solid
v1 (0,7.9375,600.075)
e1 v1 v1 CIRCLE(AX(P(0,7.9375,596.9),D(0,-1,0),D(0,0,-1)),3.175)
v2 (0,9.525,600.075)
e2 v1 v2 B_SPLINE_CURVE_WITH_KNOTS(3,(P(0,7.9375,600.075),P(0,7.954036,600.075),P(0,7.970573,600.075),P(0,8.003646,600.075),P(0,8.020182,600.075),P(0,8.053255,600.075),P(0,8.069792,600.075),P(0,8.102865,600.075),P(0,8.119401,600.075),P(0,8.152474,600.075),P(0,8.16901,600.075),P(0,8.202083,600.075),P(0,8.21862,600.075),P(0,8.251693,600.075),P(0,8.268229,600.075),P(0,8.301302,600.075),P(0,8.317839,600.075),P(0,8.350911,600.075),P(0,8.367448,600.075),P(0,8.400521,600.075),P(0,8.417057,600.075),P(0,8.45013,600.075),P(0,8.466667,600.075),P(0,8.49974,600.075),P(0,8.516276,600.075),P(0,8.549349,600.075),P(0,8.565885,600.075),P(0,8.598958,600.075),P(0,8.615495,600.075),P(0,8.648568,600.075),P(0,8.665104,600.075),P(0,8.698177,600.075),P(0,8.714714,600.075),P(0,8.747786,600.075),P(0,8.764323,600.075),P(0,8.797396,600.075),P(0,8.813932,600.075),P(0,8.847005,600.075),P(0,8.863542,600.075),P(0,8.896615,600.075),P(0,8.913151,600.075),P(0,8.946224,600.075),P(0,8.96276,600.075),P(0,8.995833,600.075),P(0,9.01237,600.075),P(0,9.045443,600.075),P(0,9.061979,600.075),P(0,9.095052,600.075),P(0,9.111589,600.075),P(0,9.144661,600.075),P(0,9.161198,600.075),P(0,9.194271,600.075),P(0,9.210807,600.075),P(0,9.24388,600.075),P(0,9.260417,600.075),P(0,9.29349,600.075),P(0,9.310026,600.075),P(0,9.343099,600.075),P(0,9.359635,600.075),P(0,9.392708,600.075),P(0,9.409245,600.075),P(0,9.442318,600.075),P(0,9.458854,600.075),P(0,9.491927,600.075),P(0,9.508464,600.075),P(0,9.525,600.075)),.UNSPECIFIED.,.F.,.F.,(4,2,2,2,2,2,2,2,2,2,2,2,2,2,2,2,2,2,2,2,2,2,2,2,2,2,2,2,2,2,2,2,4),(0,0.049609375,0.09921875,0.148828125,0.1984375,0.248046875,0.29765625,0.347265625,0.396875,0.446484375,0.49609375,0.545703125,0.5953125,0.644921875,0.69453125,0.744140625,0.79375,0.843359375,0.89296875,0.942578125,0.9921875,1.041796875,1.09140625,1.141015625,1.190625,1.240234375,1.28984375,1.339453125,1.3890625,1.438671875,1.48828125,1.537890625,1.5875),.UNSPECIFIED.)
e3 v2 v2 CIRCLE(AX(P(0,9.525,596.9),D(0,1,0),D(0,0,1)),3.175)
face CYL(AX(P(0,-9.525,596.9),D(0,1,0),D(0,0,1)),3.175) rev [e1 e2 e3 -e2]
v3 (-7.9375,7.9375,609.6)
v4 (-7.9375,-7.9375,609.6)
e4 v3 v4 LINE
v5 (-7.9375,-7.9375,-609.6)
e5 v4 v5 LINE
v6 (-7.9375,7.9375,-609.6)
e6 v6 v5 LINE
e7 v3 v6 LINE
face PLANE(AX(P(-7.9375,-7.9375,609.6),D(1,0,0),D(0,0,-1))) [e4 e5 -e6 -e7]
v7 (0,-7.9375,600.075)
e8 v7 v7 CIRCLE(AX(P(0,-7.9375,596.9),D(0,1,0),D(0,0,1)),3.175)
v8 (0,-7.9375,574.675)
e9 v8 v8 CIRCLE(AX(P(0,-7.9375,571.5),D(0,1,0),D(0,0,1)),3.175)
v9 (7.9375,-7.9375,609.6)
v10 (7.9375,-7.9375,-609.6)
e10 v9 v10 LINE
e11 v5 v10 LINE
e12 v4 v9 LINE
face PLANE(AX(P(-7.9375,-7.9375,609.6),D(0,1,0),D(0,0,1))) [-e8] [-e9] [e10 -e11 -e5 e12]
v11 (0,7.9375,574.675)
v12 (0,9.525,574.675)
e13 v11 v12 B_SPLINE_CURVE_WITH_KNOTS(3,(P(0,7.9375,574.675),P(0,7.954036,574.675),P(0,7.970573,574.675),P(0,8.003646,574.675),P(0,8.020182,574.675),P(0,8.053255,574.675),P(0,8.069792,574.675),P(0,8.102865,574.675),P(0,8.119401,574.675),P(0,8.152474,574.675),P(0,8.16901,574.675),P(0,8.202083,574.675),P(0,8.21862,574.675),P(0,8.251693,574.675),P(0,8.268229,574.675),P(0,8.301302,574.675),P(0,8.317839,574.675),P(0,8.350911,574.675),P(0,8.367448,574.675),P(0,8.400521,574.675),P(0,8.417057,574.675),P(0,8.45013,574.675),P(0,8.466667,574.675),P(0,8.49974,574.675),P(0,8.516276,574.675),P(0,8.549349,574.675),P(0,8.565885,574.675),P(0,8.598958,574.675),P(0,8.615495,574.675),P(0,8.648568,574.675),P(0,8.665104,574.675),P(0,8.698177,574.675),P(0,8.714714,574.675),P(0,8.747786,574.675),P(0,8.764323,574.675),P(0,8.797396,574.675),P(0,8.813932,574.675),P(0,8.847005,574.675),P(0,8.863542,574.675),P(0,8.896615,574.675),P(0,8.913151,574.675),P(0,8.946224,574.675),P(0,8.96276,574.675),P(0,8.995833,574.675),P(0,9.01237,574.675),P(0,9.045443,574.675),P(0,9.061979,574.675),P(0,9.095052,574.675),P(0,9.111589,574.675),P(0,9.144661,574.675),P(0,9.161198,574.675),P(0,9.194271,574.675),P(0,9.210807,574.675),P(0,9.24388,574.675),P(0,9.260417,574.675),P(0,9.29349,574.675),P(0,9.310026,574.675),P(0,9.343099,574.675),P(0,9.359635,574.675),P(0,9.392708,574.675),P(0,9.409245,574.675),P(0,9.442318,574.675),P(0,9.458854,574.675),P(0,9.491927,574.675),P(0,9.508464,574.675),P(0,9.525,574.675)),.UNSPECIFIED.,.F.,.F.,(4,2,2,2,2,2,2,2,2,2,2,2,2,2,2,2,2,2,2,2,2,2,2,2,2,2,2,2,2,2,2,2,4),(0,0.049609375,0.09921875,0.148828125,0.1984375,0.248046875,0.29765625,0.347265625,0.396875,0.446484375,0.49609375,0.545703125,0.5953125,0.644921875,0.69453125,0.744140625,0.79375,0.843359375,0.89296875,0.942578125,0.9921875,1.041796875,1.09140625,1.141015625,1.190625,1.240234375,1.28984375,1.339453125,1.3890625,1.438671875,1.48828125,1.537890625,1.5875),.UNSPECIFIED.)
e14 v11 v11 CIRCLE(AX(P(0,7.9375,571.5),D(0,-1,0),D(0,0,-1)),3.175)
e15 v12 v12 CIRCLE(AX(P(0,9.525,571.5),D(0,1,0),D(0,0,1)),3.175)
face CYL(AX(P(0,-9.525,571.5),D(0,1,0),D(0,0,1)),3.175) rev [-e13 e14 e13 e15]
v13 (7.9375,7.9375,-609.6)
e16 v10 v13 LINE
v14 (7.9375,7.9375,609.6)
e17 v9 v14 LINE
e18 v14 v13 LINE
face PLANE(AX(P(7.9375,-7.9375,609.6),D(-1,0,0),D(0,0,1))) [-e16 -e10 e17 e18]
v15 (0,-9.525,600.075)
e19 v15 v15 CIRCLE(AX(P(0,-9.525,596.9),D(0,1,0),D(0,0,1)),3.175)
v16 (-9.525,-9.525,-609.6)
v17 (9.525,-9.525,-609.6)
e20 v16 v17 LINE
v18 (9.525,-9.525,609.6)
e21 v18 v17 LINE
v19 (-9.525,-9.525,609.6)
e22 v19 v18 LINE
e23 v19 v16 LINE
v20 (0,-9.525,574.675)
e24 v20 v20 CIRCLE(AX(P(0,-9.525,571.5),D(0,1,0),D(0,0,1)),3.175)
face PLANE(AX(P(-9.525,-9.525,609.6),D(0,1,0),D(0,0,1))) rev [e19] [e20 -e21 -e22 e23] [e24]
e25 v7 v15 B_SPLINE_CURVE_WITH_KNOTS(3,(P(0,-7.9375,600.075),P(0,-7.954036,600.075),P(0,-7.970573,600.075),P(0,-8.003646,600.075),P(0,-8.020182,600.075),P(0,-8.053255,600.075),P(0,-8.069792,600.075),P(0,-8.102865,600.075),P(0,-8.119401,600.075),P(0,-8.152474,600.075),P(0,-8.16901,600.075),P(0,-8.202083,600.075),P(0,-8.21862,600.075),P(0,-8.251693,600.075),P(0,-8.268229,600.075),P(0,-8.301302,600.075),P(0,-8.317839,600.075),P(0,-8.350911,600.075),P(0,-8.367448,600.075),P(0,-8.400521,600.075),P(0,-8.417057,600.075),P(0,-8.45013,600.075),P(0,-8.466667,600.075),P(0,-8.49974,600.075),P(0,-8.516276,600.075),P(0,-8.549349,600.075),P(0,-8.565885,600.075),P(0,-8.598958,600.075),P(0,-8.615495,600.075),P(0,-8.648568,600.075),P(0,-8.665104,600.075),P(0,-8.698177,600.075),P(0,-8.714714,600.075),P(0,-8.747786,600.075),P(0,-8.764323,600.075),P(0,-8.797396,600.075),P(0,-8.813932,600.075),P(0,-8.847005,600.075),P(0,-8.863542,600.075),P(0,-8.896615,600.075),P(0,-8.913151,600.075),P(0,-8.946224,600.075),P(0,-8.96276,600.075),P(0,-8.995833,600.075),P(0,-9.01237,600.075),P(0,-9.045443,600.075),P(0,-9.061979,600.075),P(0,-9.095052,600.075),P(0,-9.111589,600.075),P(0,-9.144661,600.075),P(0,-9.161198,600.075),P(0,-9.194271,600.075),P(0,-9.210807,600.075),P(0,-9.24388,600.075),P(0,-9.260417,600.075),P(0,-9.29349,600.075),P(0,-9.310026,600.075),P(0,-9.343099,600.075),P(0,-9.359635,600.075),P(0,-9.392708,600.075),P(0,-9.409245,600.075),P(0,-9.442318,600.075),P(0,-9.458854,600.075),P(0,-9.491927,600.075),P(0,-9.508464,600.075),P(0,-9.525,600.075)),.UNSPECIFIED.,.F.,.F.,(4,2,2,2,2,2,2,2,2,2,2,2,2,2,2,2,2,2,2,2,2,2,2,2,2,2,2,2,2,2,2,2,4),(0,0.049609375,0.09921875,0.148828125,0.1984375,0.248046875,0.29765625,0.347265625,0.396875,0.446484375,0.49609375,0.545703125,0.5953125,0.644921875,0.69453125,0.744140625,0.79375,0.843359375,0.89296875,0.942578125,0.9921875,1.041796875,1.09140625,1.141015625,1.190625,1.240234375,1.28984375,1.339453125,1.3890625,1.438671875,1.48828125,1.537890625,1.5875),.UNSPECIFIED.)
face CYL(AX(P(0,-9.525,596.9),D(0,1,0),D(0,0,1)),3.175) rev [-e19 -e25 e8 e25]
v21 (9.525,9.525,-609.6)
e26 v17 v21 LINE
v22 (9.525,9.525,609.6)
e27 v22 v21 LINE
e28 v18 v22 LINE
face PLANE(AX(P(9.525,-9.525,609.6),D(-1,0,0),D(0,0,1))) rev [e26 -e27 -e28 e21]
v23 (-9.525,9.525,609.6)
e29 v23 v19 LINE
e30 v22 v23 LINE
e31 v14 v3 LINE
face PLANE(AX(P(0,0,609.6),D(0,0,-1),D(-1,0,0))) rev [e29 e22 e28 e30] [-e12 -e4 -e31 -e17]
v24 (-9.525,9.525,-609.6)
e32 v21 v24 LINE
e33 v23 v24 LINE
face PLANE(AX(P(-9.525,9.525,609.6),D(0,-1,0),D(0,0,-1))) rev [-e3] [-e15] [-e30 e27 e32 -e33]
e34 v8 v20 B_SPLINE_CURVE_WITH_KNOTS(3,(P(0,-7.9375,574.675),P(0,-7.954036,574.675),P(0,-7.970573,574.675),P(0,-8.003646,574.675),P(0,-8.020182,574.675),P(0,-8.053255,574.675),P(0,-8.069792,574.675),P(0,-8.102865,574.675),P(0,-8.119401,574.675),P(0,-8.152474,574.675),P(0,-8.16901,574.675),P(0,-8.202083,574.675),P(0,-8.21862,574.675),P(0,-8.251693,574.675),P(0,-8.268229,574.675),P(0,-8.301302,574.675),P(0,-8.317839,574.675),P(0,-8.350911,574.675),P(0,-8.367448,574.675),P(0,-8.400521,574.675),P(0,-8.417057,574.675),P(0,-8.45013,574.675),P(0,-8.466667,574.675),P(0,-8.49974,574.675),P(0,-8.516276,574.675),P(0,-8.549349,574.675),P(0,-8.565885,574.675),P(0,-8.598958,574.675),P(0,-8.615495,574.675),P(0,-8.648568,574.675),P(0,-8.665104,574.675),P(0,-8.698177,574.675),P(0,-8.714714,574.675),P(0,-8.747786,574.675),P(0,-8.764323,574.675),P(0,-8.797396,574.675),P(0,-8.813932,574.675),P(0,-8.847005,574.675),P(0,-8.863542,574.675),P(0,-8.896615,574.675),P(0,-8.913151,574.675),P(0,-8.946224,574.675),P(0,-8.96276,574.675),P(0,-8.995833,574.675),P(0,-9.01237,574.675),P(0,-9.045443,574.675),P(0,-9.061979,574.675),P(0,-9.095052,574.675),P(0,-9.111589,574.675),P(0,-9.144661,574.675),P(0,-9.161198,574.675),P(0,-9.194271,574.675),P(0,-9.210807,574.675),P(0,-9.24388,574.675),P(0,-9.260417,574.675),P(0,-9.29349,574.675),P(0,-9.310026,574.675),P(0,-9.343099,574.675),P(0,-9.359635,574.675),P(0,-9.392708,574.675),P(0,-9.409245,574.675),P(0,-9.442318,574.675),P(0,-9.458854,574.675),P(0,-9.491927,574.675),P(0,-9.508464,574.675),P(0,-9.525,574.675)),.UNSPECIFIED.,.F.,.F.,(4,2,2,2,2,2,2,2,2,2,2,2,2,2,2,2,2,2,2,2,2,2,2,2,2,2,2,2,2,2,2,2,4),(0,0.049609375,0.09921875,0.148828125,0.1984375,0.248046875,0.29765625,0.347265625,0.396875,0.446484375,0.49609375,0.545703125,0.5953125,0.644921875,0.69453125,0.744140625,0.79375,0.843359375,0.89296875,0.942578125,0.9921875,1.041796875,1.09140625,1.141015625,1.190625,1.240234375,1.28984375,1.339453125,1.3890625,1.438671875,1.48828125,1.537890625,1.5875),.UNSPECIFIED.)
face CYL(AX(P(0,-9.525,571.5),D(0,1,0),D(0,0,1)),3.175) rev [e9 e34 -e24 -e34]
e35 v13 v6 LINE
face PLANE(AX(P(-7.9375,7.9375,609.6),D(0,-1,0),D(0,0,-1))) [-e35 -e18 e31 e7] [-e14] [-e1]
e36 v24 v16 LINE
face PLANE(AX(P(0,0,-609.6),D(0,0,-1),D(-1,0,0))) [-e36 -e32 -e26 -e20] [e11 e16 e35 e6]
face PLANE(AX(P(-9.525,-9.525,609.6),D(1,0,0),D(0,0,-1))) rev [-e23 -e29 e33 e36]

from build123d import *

# Parameters (mm, degrees)
SKETCH1_W               = 19.05
SKETCH1_H               = 19.05
SKETCH1_W_2             = 15.875
SKETCH1_H_2             = 15.875
BOSS_EXTRUDE1_DEPTH     = 609.6
CUT_EXTRUDE1_DEPTH      = 610.748809962
CUT_EXTRUDE1_DEPTH_BACK = 610.748809962
SKETCH2_R               = 3.175


with BuildPart() as part:
    # Sketch1 → Boss-Extrude1 (new, symmetric)
    with BuildSketch(Plane.XY):
        Rectangle(SKETCH1_W, SKETCH1_H)
        Rectangle(SKETCH1_W_2, SKETCH1_H_2, mode=Mode.SUBTRACT)
    extrude(amount=BOSS_EXTRUDE1_DEPTH, both=True)

    # Sketch2 → Cut-Extrude1 (cut, two sides: drawn at the far end of the back side and taken through both)
    with BuildSketch(Plane(origin=(0, 0, 0), x_dir=(1, 0, 0), z_dir=(0, 1, 0)).offset(-CUT_EXTRUDE1_DEPTH_BACK)):
        with Locations(Location((0, -596.9, 0), (0, 0, 270))):
            Circle(SKETCH2_R)
        with Locations(Location((0, -571.5, 0), (0, 0, 270))):
            Circle(SKETCH2_R)
    extrude(amount=CUT_EXTRUDE1_DEPTH + CUT_EXTRUDE1_DEPTH_BACK, mode=Mode.SUBTRACT)


solid = part.part
